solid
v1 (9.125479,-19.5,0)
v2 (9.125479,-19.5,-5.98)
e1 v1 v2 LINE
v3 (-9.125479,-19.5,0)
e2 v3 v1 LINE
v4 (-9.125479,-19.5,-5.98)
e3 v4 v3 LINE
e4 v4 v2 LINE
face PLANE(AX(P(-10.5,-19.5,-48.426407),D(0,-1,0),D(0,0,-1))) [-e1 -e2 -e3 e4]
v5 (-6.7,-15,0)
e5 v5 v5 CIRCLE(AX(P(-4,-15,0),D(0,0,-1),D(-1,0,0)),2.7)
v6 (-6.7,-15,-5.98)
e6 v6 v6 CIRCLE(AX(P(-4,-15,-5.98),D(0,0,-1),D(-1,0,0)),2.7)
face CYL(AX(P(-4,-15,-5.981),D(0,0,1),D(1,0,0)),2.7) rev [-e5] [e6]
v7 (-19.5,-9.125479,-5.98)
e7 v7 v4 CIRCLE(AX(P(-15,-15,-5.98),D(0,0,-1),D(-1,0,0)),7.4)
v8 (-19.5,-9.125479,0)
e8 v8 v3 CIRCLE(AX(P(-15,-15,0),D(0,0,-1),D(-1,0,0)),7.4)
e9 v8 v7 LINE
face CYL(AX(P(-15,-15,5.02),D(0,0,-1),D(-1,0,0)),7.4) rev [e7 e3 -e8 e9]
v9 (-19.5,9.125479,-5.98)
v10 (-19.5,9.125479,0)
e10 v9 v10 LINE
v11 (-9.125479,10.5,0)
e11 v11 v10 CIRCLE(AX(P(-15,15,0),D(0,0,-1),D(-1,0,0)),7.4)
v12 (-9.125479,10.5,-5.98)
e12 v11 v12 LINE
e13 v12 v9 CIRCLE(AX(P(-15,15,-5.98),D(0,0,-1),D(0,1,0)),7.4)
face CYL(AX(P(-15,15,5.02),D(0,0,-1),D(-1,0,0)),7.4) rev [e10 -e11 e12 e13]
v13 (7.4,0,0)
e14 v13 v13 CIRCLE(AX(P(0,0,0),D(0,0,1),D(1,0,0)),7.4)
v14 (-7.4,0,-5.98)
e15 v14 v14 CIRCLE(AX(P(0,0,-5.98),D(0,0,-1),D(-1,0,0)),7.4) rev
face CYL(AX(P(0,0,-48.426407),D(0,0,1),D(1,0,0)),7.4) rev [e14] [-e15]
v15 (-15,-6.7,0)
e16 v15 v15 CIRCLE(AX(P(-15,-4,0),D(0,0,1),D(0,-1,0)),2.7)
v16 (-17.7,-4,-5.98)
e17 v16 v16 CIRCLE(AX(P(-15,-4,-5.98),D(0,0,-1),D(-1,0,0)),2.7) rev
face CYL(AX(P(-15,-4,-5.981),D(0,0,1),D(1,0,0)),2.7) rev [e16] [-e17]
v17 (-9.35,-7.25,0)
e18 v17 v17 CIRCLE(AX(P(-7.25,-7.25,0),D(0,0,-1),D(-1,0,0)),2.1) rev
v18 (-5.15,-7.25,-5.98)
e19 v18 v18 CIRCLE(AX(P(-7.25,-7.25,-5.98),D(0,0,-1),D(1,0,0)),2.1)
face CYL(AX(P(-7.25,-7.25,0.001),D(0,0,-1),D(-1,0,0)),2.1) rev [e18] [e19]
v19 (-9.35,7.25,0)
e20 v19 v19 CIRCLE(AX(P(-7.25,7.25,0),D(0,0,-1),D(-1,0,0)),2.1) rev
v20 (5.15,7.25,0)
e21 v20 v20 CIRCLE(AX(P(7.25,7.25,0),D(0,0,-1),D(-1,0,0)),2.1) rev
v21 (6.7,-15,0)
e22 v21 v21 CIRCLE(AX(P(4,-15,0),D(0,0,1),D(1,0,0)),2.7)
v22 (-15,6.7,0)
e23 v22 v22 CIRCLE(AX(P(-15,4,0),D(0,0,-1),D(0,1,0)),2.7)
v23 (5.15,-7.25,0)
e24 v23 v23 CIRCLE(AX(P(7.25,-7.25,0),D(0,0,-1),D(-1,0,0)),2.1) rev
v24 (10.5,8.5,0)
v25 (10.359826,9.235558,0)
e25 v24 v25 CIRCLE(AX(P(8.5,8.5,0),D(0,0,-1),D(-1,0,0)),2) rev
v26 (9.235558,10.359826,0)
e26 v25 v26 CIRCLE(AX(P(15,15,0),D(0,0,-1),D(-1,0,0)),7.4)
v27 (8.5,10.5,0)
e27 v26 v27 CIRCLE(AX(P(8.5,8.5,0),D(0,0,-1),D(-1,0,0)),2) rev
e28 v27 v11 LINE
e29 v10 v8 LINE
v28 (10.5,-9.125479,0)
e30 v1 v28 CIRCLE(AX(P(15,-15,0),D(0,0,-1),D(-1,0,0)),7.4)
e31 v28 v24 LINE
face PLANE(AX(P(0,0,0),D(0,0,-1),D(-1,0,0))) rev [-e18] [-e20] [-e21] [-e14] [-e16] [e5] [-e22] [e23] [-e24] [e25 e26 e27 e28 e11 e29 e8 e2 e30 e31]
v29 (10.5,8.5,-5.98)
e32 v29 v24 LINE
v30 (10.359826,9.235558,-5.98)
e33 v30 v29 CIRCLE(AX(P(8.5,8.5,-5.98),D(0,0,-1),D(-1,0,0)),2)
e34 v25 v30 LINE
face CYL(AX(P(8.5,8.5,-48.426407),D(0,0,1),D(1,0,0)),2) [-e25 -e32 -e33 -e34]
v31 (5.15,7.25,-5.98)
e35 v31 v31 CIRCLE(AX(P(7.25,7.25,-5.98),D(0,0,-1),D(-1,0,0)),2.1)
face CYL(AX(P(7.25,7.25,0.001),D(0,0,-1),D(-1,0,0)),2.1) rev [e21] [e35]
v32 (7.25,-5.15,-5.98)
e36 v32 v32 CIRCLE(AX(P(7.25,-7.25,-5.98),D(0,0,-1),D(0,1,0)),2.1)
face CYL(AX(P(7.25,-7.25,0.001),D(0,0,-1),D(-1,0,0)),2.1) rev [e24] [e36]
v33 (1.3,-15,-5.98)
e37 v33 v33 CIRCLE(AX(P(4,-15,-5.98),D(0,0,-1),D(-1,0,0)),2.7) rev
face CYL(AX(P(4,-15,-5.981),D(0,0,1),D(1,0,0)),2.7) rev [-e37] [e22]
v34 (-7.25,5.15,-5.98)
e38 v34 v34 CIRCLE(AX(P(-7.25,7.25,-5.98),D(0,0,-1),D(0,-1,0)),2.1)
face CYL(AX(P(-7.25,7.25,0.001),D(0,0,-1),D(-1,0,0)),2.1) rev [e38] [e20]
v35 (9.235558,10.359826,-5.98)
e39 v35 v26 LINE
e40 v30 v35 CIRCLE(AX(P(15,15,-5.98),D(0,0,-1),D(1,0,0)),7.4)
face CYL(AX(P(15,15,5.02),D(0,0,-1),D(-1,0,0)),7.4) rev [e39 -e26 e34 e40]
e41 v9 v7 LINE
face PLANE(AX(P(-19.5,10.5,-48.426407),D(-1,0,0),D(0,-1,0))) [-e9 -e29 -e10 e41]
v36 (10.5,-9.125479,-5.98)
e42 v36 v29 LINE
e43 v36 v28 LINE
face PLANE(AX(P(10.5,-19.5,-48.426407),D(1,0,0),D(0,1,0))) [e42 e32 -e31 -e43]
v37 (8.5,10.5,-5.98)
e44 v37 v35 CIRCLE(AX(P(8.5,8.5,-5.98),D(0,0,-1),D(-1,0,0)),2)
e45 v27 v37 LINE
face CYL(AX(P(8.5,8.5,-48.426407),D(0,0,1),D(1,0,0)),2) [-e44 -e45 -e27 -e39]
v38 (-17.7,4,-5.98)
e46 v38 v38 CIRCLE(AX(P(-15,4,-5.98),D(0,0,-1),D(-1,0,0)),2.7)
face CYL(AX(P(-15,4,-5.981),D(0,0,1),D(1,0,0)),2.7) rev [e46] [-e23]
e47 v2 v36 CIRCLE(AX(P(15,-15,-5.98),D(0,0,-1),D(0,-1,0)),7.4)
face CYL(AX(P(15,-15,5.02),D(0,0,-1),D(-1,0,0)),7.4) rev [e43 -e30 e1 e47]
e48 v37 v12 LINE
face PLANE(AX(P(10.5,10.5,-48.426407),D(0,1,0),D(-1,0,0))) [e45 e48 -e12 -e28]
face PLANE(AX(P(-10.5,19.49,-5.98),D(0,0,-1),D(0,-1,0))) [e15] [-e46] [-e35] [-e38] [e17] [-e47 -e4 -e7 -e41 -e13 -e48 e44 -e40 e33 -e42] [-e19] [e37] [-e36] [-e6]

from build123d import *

# Parameters (mm, degrees)
SKETCH1_R                   = 7.4
BOSS_EXTRUDE1_DEPTH         = 5.98
CUT_EXTRUDE1_REACH          = 30.218
SKETCH2_R                   = 2.1
CIRPATTERN1_COUNT           = 4
FILLET1_R                   = 7
CUT_EXTRUDE2_DEPTH          = 11
FILLET2_R                   = 2
CIRPATTERN2_COUNT           = 4
CUT_EXTRUDE3_REACH          = 30.218
SKETCH4_R                   = 2.7
CIRPATTERN3_COUNT           = 2
CIRPATTERN3_ANGLE           = 90
CIRPATTERN3_COPY_1_REACH    = 30.218
CIRPATTERN3_COPY_1_SKETCH_R = 2.7


with BuildPart() as part:
    # Sketch1 → Boss-Extrude1 (new body)
    with BuildSketch(Plane.XY):
        Polygon((-10.5, -10.5), (-10.5, -19.5), (10.5, -19.5), (10.5, 10.5), (-19.5, 10.5), (-19.5, -10.5), align=None)
        Circle(SKETCH1_R, mode=Mode.SUBTRACT)
    extrude(amount=-BOSS_EXTRUDE1_DEPTH)

    # Sketch2 → Cut-Extrude1 (cut, up to next)
    with BuildSketch(Plane(origin=(0, 0, -5.98), x_dir=(-1, 0, 0), z_dir=(0, 0, -1)), mode=Mode.PRIVATE) as cut_extrude1_sk1:
        with Locations((-7.25, 7.25)):
            Circle(SKETCH2_R)
    cut_extrude1_tool1 = extrude(cut_extrude1_sk1.sketch, amount=-CUT_EXTRUDE1_REACH, mode=Mode.PRIVATE) & part.part
    cut_extrude1 = cut_extrude1_tool1.solids().sort_by_distance((7.25, 7.25, -5.98))[0]
    add(cut_extrude1, mode=Mode.SUBTRACT)

    # CirPattern1: Cut-Extrude1 ×4 about axis
    cirpattern1_axis = Axis((0, 0, 0), (0, 0, 1))
    for i in range(1, CIRPATTERN1_COUNT):
        add(cut_extrude1.rotate(cirpattern1_axis, i * 360 / CIRPATTERN1_COUNT), mode=Mode.SUBTRACT)

    # Fillet1
    fillet1_edges = [part.edges().sort_by_distance(p)[0] for p in [
        (-10.5, -10.5, -2.99),
    ]]
    fillet(fillet1_edges, radius=FILLET1_R)

    # Sketch3 → Cut-Extrude2 (cut)
    with BuildSketch(Plane(origin=(0, 0, -5.98), x_dir=(-1, 0, 0), z_dir=(0, 0, -1))):
        with BuildLine():
            ThreePointArc((19.5, -9.125478743), (14.512977444, -7.616043809), (9.767409819, -9.767409819))
            Line((9.767409819, -9.767409819), (12.550252532, -12.550252532))
            ThreePointArc((12.550252532, -12.550252532), (14.821215973, -11.032843272), (17.5, -10.5))
            Line((17.5, -10.5), (19.5, -10.5))
            Line((19.5, -10.5), (19.5, -9.125478743))
        make_face()
        with BuildLine():
            ThreePointArc((17.5, -10.5), (14.821215973, -11.032843272), (12.550252532, -12.550252532))
            Line((12.550252532, -12.550252532), (20.232590181, -20.232590181))
            ThreePointArc((20.232590181, -20.232590181), (21.836708541, -17.8318574), (22.4, -15))
            ThreePointArc((22.4, -15), (21.63551053, -11.724332129), (19.5, -9.125478743))
            Line((19.5, -9.125478743), (19.5, -10.5))
            Line((19.5, -10.5), (17.5, -10.5))
        make_face()
        with BuildLine():
            Line((12.550252532, -12.550252532), (9.767409819, -9.767409819))
            ThreePointArc((9.767409819, -9.767409819), (7.616043809, -14.512977444), (9.125478743, -19.5))
            Line((9.125478743, -19.5), (10.5, -19.5))
            Line((10.5, -19.5), (10.5, -17.5))
            ThreePointArc((10.5, -17.5), (11.032843272, -14.821215973), (12.550252532, -12.550252532))
        make_face()
        with BuildLine():
            Line((20.232590181, -20.232590181), (12.550252532, -12.550252532))
            ThreePointArc((12.550252532, -12.550252532), (11.032843272, -14.821215973), (10.5, -17.5))
            Line((10.5, -17.5), (10.5, -19.5))
            Line((10.5, -19.5), (9.125478743, -19.5))
            ThreePointArc((9.125478743, -19.5), (14.512977444, -22.383956191), (20.232590181, -20.232590181))
        make_face()
    cut_extrude2 = extrude(amount=-CUT_EXTRUDE2_DEPTH, mode=Mode.SUBTRACT)

    # Fillet2
    fillet2_edges = [part.edges().sort_by_distance(p)[0] for p in [
        (10.5, 10.5, -2.99),
    ]]
    fillet(fillet2_edges, radius=FILLET2_R)

    # CirPattern2: Cut-Extrude2 ×4 about axis
    cirpattern2_axis = Axis((0, 0, 0), (0, 0, 1))
    for i in range(1, CIRPATTERN2_COUNT):
        add(cut_extrude2.rotate(cirpattern2_axis, i * 360 / CIRPATTERN2_COUNT), mode=Mode.SUBTRACT)

    # Sketch4 → Cut-Extrude3 (cut, up to next)
    with BuildSketch(Plane.XY, mode=Mode.PRIVATE) as cut_extrude3_sk1:
        with Locations((4, -15)):
            Circle(SKETCH4_R)
    cut_extrude3_tool1 = extrude(cut_extrude3_sk1.sketch, amount=-CUT_EXTRUDE3_REACH, mode=Mode.PRIVATE) & part.part
    cut_extrude3 = cut_extrude3_tool1.solids().sort_by_distance((4, -15, 0))[0]
    add(cut_extrude3, mode=Mode.SUBTRACT)

    # Mirror1: Cut-Extrude3 across plane
    add(cut_extrude3.mirror(Plane(origin=(0, 0, 0), x_dir=(0, 0, 1), z_dir=(1, 0, 0))), mode=Mode.SUBTRACT)

    # CirPattern3: Cut-Extrude3 ×2 about axis
    cirpattern3_axis = Axis((0, 0, -48.426406871), (0, 0, -1))
    for i in range(1, CIRPATTERN3_COUNT):
        add(cut_extrude3.rotate(cirpattern3_axis, i * CIRPATTERN3_ANGLE / (CIRPATTERN3_COUNT - 1)), mode=Mode.SUBTRACT)

    # CirPattern3 copy 1 sketch → CirPattern3 copy 1 (cut, up to next)
    with BuildSketch(Plane(origin=(0, 0, 0), x_dir=(0, 1, 0), z_dir=(0, 0, 1)), mode=Mode.PRIVATE) as cirpattern3_copy_1_sk1:
        with Locations((4, 15)):
            Circle(CIRPATTERN3_COPY_1_SKETCH_R)
    cirpattern3_copy_1_tool1 = extrude(cirpattern3_copy_1_sk1.sketch, amount=-CIRPATTERN3_COPY_1_REACH, mode=Mode.PRIVATE) & part.part
    add(cirpattern3_copy_1_tool1.solids().sort_by_distance((-15, 4, 0))[0], mode=Mode.SUBTRACT)


solid = part.part
